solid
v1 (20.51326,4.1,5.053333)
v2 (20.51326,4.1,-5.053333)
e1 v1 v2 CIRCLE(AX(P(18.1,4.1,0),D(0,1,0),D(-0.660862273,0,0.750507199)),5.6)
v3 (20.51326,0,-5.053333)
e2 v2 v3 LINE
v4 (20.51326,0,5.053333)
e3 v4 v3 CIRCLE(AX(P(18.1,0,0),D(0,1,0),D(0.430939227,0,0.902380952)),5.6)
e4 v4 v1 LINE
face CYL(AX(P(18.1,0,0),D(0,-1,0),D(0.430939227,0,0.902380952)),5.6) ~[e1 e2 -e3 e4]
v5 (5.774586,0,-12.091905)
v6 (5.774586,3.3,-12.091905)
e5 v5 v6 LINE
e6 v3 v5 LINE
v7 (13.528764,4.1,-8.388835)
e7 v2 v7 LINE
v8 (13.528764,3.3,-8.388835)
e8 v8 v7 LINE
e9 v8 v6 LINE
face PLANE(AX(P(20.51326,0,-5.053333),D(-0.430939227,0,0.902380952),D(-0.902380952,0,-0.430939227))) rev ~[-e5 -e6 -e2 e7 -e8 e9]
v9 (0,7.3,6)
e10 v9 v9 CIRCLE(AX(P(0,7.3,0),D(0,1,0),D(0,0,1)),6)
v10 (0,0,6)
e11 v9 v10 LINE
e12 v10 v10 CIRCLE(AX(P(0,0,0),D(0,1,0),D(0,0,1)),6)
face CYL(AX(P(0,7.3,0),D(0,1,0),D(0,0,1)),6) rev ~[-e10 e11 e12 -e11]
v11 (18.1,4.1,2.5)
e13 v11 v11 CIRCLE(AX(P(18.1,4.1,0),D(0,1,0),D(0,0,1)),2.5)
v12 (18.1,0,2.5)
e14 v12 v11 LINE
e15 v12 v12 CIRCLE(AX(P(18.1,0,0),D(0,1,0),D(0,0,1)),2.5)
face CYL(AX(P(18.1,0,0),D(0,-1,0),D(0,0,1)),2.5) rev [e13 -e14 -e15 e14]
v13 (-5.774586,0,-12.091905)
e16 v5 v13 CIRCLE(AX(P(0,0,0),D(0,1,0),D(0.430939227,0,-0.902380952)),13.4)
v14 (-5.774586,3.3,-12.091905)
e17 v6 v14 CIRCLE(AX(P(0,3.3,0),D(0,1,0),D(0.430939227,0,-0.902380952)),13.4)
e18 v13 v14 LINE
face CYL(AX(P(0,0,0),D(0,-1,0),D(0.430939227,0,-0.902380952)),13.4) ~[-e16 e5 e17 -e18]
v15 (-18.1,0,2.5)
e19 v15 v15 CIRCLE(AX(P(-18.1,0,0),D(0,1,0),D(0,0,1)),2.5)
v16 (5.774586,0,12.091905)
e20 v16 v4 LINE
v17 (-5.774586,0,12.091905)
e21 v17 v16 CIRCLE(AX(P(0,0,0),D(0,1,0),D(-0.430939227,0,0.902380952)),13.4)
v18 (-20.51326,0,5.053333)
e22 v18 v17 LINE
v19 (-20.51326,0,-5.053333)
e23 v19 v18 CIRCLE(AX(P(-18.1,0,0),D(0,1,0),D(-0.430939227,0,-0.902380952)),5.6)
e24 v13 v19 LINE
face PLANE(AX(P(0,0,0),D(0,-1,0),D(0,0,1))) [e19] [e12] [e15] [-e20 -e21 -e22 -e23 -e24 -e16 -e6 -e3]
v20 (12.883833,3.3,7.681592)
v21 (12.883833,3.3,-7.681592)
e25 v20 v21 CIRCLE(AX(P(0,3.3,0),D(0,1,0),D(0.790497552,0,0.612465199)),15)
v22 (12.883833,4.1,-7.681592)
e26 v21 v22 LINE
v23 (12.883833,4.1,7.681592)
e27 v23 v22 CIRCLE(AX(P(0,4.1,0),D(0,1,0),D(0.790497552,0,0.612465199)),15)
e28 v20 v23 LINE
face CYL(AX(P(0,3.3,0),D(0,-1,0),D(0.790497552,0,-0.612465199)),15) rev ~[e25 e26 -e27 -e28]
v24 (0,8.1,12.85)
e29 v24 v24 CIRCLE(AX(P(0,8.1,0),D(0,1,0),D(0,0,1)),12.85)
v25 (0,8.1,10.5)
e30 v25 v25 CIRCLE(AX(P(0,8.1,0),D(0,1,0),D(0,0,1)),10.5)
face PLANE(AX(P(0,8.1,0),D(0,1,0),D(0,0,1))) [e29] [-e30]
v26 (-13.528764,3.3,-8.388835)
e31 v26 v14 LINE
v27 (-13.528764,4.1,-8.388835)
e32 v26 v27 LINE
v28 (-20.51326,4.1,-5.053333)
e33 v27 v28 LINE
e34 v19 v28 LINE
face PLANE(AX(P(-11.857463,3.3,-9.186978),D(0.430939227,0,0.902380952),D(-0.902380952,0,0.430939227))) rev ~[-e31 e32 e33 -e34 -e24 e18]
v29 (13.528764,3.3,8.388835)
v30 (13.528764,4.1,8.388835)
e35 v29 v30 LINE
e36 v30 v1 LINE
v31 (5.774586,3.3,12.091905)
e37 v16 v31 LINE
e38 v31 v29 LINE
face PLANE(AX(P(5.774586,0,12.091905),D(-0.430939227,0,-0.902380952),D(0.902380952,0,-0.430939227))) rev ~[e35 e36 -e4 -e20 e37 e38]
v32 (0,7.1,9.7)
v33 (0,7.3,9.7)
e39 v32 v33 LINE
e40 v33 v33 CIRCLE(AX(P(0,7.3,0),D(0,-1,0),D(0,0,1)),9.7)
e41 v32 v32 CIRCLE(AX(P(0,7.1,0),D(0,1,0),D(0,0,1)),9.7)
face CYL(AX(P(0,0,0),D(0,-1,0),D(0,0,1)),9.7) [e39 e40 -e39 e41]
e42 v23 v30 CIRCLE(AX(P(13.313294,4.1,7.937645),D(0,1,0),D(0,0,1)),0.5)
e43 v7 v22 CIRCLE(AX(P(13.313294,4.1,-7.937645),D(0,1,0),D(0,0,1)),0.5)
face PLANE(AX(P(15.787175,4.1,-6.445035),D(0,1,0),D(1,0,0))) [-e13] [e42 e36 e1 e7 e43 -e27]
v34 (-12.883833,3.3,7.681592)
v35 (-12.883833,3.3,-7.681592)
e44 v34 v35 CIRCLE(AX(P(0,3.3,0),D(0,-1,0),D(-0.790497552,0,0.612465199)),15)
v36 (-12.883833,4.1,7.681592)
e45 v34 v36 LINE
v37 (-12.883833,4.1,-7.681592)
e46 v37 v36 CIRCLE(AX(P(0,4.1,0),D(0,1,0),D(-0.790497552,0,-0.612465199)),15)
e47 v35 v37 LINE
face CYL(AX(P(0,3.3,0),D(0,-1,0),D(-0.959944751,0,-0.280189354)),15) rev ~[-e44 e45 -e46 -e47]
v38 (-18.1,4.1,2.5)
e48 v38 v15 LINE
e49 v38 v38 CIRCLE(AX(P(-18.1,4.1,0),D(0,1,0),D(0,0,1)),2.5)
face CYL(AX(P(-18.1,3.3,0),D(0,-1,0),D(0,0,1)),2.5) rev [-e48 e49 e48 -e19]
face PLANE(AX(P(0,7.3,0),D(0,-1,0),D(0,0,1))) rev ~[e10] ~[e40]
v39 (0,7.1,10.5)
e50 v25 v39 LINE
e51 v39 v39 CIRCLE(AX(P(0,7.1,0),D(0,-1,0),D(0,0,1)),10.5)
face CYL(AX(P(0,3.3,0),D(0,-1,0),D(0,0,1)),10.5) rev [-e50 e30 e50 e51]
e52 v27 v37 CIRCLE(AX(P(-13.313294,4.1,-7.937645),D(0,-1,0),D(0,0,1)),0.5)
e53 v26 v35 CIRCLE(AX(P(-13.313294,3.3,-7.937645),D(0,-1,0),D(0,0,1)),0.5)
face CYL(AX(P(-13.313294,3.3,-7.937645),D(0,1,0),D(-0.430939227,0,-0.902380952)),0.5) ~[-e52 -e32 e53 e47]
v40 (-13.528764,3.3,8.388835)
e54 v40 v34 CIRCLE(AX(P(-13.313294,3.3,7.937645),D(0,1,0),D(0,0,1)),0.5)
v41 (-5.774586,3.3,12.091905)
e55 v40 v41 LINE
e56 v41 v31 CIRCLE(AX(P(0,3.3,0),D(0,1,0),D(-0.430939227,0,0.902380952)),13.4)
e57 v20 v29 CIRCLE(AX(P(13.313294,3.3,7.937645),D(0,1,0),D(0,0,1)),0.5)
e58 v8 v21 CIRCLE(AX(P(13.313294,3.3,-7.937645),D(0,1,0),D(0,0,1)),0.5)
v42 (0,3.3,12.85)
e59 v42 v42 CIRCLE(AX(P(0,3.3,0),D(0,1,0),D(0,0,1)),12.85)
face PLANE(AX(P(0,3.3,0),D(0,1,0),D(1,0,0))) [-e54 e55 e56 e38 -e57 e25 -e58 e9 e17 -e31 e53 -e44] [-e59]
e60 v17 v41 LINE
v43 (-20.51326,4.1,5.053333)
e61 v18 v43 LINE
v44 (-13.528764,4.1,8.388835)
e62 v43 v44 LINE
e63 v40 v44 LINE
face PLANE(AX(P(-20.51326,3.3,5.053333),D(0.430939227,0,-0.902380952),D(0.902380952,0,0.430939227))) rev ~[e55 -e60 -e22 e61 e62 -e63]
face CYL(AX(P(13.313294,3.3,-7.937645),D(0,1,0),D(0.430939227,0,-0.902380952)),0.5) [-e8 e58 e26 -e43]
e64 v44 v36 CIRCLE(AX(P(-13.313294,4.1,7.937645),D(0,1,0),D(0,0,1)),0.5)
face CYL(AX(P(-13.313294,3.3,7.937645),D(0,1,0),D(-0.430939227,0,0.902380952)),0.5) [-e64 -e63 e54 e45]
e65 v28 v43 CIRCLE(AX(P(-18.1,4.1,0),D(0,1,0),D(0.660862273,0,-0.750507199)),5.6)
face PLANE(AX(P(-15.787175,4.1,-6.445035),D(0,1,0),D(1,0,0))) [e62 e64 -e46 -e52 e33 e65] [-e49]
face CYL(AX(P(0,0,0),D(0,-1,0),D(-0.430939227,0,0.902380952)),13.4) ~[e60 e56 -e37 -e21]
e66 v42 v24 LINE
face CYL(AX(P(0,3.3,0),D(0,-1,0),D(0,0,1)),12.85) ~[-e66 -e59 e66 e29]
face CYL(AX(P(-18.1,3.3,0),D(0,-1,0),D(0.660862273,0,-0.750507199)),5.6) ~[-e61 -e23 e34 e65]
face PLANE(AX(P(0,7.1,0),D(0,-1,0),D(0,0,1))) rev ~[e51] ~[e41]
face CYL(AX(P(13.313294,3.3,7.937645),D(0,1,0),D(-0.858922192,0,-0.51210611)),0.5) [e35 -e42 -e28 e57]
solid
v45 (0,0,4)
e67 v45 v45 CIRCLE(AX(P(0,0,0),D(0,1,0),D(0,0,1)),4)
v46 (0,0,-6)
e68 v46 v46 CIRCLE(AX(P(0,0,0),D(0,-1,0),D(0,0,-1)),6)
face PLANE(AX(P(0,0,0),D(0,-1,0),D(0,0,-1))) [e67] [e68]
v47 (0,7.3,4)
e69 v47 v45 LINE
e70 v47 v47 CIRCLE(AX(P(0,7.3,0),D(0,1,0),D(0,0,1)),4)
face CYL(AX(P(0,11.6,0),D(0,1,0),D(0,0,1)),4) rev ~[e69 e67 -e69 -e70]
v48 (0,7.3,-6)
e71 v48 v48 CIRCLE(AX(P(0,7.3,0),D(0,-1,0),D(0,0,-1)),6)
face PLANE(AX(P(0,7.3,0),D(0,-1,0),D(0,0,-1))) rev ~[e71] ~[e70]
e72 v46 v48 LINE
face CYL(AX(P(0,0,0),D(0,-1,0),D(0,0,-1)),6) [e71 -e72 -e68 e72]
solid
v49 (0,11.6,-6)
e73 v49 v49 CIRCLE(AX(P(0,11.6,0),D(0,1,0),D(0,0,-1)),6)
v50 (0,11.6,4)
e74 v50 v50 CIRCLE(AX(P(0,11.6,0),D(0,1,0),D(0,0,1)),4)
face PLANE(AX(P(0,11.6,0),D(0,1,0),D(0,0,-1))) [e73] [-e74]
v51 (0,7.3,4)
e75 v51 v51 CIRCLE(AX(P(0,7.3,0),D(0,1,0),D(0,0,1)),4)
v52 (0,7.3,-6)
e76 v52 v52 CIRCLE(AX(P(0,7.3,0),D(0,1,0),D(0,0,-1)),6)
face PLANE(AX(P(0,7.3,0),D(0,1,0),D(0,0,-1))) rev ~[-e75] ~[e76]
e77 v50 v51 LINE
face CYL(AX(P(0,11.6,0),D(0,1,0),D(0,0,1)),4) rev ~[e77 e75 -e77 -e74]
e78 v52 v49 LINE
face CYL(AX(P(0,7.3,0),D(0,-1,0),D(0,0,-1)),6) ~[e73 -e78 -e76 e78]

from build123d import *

# Parameters (mm, degrees)
SKETCH1_R            = 10.5
SKETCH1_R_2          = 2.500000000000003
SKETCH1_R_3          = 2.499999999999997
BOSS_EXTRUDE2_DEPTH  = 3.3
SKETCH2_R            = 2.4999999999999982
SKETCH2_R_2          = 2.500000000000002
BOSS_EXTRUDE3_DEPTH  = 0.8
FILLET1_R            = 0.5
SKETCH3_R            = 12.85
SKETCH3_R_2          = 10.5
BOSS_EXTRUDE4_DEPTH  = 4.8
SKETCH4_R            = 10.5
SKETCH4_R_2          = 9.700000000000001
BOSS_EXTRUDE5_DEPTH  = 7.1
SKETCH6_R            = 9.700000000000001
BOSS_EXTRUDE7_DEPTH  = 7.3
SKETCH7_R            = 6
CUT_EXTRUDE1_DEPTH   = 26.800000000000004
SKETCH8_R            = 6
BOSS_EXTRUDE8_DEPTH  = 7.3
SKETCH9_R            = 6.000000000000001
BOSS_EXTRUDE10_DEPTH = 4.3
SKETCH10_R           = 4
CUT_EXTRUDE2_DEPTH   = 25.300000000000004


with BuildPart() as part:
    # Sketch1 → Boss-Extrude2 (new body)
    with BuildSketch(Plane(origin=(0, 0, 0), x_dir=(1, 0, 0), z_dir=(0, 1, 0))):
        with BuildLine():
            ThreePointArc((20.513259668508287, -5.053333332796404), (23.699999999999996, 2e-15), (20.513259668508287, 5.05333333279641))
            Line((20.513259668508287, 5.053333332796416), (5.774585635359114, 12.091904760619984))
            ThreePointArc((5.774585635359115, 12.091904760619984), (-3.55e-15, 13.400000000000004), (-5.77458563535912, 12.09190476061998))
            Line((-5.774585635359118, 12.091904760619979), (-20.513259668508287, 5.053333332796407))
            ThreePointArc((-20.513259668508287, 5.053333332796408), (-23.699999999999996, 3.8e-16), (-20.51325966850829, -5.053333332796407))
            Line((-20.513259668508287, -5.053333332796406), (-5.7745856353591165, -12.091904760619977))
            ThreePointArc((-5.774585635359118, -12.091904760619983), (1.78e-15, -13.400000000000002), (5.774585635359122, -12.09190476061998))
            Line((5.77458563535912, -12.09190476061998), (20.51325966850829, -5.053333332796409))
        make_face()
        with Locations(Location((0, -4.4e-16, 0), (0, 0, 270))):
            Circle(SKETCH1_R, mode=Mode.SUBTRACT)
        with Locations(Location((18.1, 1.67e-15, 0), (0, 0, 270))):
            Circle(SKETCH1_R_2, mode=Mode.SUBTRACT)
        with Locations(Location((-18.099999999999994, -1.78e-15, 0), (0, 0, 270))):
            Circle(SKETCH1_R_3, mode=Mode.SUBTRACT)
    extrude(amount=BOSS_EXTRUDE2_DEPTH)

    # Sketch2 → Boss-Extrude3 (add)
    # profile 1 of 6: a face of its own
    with BuildSketch(Plane(origin=(0, 3.3, 0), x_dir=(1, 0, 0), z_dir=(0, 1, 0))):
        with BuildLine():
            Line((-11.857463280491546, 9.186977987989012), (-20.513259668508283, 5.053333332796408))
            ThreePointArc((-20.513259668508287, 5.053333332796406), (-17.32844759430292, 5.546594169872447), (-14.399171270718146, 4.202840315372693))
            ThreePointArc((-14.399171270718254, 4.202840315372694), (-13.36275127261764, 6.814460978401421), (-11.857463280491544, 9.186977987989017))
        make_face()
    # profile 2 of 6: a face of its own
    with BuildSketch(Plane(origin=(0, 3.3, 0), x_dir=(1, 0, 0), z_dir=(0, 1, 0))):
        with BuildLine():
            ThreePointArc((-14.399171270718146, 4.202840315372693), (-17.32844759430292, 5.546594169872447), (-20.513259668508287, 5.053333332796406))
            ThreePointArc((-20.513259668508287, 5.053333332796406), (-23.699999999999996, 3.8e-16), (-20.513259668508287, -5.053333332796405))
            ThreePointArc((-20.513259668508287, -5.053333332796405), (-17.328447594302915, -5.546594169872446), (-14.399171270718144, -4.2028403153726925))
            ThreePointArc((-14.399171270718258, -4.202840315372684), (-15, 1.84e-15), (-14.399171270718254, 4.202840315372694))
        make_face()
        with Locations(Location((-18.099999999999998, -3.1e-16, 0), (0, 0, 270))):
            Circle(SKETCH2_R, mode=Mode.SUBTRACT)
    # profile 3 of 6: a face of its own
    with BuildSketch(Plane(origin=(0, 3.3, 0), x_dir=(1, 0, 0), z_dir=(0, 1, 0))):
        with BuildLine():
            ThreePointArc((-14.399171270718144, -4.2028403153726925), (-17.328447594302915, -5.546594169872446), (-20.513259668508287, -5.053333332796405))
            Line((-20.513259668508283, -5.053333332796404), (-11.857463280491546, -9.186977987989014))
            ThreePointArc((-11.857463280491546, -9.186977987989014), (-13.362751272617642, -6.814460978401417), (-14.399171270718258, -4.202840315372684))
        make_face()
    # profile 4 of 6: a face of its own
    with BuildSketch(Plane(origin=(0, 3.3, 0), x_dir=(1, 0, 0), z_dir=(0, 1, 0))):
        with BuildLine():
            ThreePointArc((14.399171270718256, -4.202840315372689), (13.362751272617636, -6.814460978401428), (11.857463280491539, -9.186977987989023))
            Line((11.857463280491542, -9.186977987989021), (20.51325966850829, -5.053333332796405))
            ThreePointArc((20.513259668508294, -5.053333332796405), (17.32844759430292, -5.5465941698724475), (14.39917127071814, -4.202840315372691))
        make_face()
    # profile 5 of 6: a face of its own
    with BuildSketch(Plane(origin=(0, 3.3, 0), x_dir=(1, 0, 0), z_dir=(0, 1, 0))):
        with BuildLine():
            Line((20.513259668508287, 5.053333332796412), (11.857463280491546, 9.18697798798902))
            ThreePointArc((11.857463280491544, 9.186977987989017), (13.36275127261764, 6.814460978401421), (14.399171270718254, 4.202840315372695))
            ThreePointArc((14.399171270718142, 4.202840315372697), (17.328447594302915, 5.546594169872453), (20.51325966850829, 5.05333333279641))
        make_face()
    # profile 6 of 6: a face of its own
    with BuildSketch(Plane(origin=(0, 3.3, 0), x_dir=(1, 0, 0), z_dir=(0, 1, 0))):
        with BuildLine():
            ThreePointArc((23.7, 2.87e-15), (22.83678446541778, 2.987117829643953), (20.51325966850829, 5.05333333279641))
            ThreePointArc((20.51325966850829, 5.05333333279641), (17.328447594302915, 5.546594169872453), (14.399171270718142, 4.202840315372697))
            ThreePointArc((14.399171270718254, 4.202840315372695), (14.849033117694463, 2.1227848382756775), (15, 0))
            ThreePointArc((15, -3.67e-15), (14.849033117694463, -2.122784838275676), (14.399171270718256, -4.202840315372689))
            ThreePointArc((14.39917127071814, -4.202840315372691), (17.32844759430292, -5.5465941698724475), (20.513259668508294, -5.053333332796405))
            ThreePointArc((20.513259668508294, -5.053333332796405), (22.83678446541778, -2.9871178296439473), (23.7, 1.49e-15))
        make_face()
        with Locations(Location((18.099999999999998, 2.87e-15, 0), (0, 0, 270))):
            Circle(SKETCH2_R_2, mode=Mode.SUBTRACT)
    extrude(amount=BOSS_EXTRUDE3_DEPTH)

    # Fillet1
    fillet1_edges = [part.edges().sort_by_distance(p)[0] for p in [
        (-11.857463280491544, 3.6999999999999997, -9.186977987989016),
        (-11.857463280491547, 3.6999999999999997, 9.186977987989014),
        (11.85746328049154, 3.6999999999999997, 9.186977987989021),
        (11.857463280491544, 3.6999999999999997, -9.186977987989017),
    ]]
    fillet(fillet1_edges, radius=FILLET1_R)

    # Sketch3 → Boss-Extrude4 (add)
    with BuildSketch(Plane(origin=(0, 3.3, 0), x_dir=(1, 0, 0), z_dir=(0, 1, 0))):
        with Locations(Location((0, 0, 0), (0, 0, 270))):
            Circle(SKETCH3_R)
        with Locations(Location((0, 0, 0), (0, 0, 270))):
            Circle(SKETCH3_R_2, mode=Mode.SUBTRACT)
    extrude(amount=BOSS_EXTRUDE4_DEPTH)

    # Sketch4 → Boss-Extrude5 (add)
    with BuildSketch(Plane.XZ):
        with Locations(Location((0, 0, 0), (0, 0, 90))):
            Circle(SKETCH4_R)
        with Locations(Location((0, 0, 0), (0, 0, 270))):
            Circle(SKETCH4_R_2, mode=Mode.SUBTRACT)
    extrude(amount=-BOSS_EXTRUDE5_DEPTH)

    # Sketch6 → Boss-Extrude7 (add)
    with BuildSketch(Plane.XZ):
        with Locations(Location((0, 0, 0), (0, 0, 90))):
            Circle(SKETCH6_R)
    extrude(amount=-BOSS_EXTRUDE7_DEPTH)

    # Sketch7 → Cut-Extrude1 (cut)
    with BuildSketch(Plane(origin=(0, 7.299999999999999, 0), x_dir=(1, 0, 0), z_dir=(0, 1, 0))):
        with Locations(Location((0, 0, 0), (0, 0, 270))):
            Circle(SKETCH7_R)
    extrude(amount=-CUT_EXTRUDE1_DEPTH, mode=Mode.SUBTRACT)


with BuildPart() as body_2:
    # Sketch8 → Boss-Extrude8 (new body)
    with BuildSketch(Plane.XZ):
        with Locations(Location((0, 0, 0), (0, 0, 270))):
            Circle(SKETCH8_R)
    extrude(amount=-BOSS_EXTRUDE8_DEPTH)


with BuildPart() as body_3:
    # Sketch9 → Boss-Extrude10 (new body)
    with BuildSketch(Plane(origin=(0, 7.299999999999999, 0), x_dir=(1, 0, 0), z_dir=(0, 1, 0))):
        with Locations(Location((0, 0, 0), (0, 0, 90))):
            Circle(SKETCH9_R)
    extrude(amount=BOSS_EXTRUDE10_DEPTH)


with BuildPart() as cut_extrude2_tool:
    # Sketch10 → Cut-Extrude2 (new body)
    with BuildSketch(Plane(origin=(0, 11.6, 0), x_dir=(1, 0, 0), z_dir=(0, 1, 0))):
        with Locations(Location((0, 0, 0), (0, 0, 270))):
            Circle(SKETCH10_R)
    extrude(amount=-CUT_EXTRUDE2_DEPTH)


with BuildPart() as body_2_1:
    add(body_2.part)

    # Cut-Extrude2: cut by cut_extrude2_tool
    add(cut_extrude2_tool.part, mode=Mode.SUBTRACT)


with BuildPart() as body_3_1:
    add(body_3.part)

    # Cut-Extrude2: cut by cut_extrude2_tool
    add(cut_extrude2_tool.part, mode=Mode.SUBTRACT)


solid = Compound([part.part, body_2_1.part, body_3_1.part])
